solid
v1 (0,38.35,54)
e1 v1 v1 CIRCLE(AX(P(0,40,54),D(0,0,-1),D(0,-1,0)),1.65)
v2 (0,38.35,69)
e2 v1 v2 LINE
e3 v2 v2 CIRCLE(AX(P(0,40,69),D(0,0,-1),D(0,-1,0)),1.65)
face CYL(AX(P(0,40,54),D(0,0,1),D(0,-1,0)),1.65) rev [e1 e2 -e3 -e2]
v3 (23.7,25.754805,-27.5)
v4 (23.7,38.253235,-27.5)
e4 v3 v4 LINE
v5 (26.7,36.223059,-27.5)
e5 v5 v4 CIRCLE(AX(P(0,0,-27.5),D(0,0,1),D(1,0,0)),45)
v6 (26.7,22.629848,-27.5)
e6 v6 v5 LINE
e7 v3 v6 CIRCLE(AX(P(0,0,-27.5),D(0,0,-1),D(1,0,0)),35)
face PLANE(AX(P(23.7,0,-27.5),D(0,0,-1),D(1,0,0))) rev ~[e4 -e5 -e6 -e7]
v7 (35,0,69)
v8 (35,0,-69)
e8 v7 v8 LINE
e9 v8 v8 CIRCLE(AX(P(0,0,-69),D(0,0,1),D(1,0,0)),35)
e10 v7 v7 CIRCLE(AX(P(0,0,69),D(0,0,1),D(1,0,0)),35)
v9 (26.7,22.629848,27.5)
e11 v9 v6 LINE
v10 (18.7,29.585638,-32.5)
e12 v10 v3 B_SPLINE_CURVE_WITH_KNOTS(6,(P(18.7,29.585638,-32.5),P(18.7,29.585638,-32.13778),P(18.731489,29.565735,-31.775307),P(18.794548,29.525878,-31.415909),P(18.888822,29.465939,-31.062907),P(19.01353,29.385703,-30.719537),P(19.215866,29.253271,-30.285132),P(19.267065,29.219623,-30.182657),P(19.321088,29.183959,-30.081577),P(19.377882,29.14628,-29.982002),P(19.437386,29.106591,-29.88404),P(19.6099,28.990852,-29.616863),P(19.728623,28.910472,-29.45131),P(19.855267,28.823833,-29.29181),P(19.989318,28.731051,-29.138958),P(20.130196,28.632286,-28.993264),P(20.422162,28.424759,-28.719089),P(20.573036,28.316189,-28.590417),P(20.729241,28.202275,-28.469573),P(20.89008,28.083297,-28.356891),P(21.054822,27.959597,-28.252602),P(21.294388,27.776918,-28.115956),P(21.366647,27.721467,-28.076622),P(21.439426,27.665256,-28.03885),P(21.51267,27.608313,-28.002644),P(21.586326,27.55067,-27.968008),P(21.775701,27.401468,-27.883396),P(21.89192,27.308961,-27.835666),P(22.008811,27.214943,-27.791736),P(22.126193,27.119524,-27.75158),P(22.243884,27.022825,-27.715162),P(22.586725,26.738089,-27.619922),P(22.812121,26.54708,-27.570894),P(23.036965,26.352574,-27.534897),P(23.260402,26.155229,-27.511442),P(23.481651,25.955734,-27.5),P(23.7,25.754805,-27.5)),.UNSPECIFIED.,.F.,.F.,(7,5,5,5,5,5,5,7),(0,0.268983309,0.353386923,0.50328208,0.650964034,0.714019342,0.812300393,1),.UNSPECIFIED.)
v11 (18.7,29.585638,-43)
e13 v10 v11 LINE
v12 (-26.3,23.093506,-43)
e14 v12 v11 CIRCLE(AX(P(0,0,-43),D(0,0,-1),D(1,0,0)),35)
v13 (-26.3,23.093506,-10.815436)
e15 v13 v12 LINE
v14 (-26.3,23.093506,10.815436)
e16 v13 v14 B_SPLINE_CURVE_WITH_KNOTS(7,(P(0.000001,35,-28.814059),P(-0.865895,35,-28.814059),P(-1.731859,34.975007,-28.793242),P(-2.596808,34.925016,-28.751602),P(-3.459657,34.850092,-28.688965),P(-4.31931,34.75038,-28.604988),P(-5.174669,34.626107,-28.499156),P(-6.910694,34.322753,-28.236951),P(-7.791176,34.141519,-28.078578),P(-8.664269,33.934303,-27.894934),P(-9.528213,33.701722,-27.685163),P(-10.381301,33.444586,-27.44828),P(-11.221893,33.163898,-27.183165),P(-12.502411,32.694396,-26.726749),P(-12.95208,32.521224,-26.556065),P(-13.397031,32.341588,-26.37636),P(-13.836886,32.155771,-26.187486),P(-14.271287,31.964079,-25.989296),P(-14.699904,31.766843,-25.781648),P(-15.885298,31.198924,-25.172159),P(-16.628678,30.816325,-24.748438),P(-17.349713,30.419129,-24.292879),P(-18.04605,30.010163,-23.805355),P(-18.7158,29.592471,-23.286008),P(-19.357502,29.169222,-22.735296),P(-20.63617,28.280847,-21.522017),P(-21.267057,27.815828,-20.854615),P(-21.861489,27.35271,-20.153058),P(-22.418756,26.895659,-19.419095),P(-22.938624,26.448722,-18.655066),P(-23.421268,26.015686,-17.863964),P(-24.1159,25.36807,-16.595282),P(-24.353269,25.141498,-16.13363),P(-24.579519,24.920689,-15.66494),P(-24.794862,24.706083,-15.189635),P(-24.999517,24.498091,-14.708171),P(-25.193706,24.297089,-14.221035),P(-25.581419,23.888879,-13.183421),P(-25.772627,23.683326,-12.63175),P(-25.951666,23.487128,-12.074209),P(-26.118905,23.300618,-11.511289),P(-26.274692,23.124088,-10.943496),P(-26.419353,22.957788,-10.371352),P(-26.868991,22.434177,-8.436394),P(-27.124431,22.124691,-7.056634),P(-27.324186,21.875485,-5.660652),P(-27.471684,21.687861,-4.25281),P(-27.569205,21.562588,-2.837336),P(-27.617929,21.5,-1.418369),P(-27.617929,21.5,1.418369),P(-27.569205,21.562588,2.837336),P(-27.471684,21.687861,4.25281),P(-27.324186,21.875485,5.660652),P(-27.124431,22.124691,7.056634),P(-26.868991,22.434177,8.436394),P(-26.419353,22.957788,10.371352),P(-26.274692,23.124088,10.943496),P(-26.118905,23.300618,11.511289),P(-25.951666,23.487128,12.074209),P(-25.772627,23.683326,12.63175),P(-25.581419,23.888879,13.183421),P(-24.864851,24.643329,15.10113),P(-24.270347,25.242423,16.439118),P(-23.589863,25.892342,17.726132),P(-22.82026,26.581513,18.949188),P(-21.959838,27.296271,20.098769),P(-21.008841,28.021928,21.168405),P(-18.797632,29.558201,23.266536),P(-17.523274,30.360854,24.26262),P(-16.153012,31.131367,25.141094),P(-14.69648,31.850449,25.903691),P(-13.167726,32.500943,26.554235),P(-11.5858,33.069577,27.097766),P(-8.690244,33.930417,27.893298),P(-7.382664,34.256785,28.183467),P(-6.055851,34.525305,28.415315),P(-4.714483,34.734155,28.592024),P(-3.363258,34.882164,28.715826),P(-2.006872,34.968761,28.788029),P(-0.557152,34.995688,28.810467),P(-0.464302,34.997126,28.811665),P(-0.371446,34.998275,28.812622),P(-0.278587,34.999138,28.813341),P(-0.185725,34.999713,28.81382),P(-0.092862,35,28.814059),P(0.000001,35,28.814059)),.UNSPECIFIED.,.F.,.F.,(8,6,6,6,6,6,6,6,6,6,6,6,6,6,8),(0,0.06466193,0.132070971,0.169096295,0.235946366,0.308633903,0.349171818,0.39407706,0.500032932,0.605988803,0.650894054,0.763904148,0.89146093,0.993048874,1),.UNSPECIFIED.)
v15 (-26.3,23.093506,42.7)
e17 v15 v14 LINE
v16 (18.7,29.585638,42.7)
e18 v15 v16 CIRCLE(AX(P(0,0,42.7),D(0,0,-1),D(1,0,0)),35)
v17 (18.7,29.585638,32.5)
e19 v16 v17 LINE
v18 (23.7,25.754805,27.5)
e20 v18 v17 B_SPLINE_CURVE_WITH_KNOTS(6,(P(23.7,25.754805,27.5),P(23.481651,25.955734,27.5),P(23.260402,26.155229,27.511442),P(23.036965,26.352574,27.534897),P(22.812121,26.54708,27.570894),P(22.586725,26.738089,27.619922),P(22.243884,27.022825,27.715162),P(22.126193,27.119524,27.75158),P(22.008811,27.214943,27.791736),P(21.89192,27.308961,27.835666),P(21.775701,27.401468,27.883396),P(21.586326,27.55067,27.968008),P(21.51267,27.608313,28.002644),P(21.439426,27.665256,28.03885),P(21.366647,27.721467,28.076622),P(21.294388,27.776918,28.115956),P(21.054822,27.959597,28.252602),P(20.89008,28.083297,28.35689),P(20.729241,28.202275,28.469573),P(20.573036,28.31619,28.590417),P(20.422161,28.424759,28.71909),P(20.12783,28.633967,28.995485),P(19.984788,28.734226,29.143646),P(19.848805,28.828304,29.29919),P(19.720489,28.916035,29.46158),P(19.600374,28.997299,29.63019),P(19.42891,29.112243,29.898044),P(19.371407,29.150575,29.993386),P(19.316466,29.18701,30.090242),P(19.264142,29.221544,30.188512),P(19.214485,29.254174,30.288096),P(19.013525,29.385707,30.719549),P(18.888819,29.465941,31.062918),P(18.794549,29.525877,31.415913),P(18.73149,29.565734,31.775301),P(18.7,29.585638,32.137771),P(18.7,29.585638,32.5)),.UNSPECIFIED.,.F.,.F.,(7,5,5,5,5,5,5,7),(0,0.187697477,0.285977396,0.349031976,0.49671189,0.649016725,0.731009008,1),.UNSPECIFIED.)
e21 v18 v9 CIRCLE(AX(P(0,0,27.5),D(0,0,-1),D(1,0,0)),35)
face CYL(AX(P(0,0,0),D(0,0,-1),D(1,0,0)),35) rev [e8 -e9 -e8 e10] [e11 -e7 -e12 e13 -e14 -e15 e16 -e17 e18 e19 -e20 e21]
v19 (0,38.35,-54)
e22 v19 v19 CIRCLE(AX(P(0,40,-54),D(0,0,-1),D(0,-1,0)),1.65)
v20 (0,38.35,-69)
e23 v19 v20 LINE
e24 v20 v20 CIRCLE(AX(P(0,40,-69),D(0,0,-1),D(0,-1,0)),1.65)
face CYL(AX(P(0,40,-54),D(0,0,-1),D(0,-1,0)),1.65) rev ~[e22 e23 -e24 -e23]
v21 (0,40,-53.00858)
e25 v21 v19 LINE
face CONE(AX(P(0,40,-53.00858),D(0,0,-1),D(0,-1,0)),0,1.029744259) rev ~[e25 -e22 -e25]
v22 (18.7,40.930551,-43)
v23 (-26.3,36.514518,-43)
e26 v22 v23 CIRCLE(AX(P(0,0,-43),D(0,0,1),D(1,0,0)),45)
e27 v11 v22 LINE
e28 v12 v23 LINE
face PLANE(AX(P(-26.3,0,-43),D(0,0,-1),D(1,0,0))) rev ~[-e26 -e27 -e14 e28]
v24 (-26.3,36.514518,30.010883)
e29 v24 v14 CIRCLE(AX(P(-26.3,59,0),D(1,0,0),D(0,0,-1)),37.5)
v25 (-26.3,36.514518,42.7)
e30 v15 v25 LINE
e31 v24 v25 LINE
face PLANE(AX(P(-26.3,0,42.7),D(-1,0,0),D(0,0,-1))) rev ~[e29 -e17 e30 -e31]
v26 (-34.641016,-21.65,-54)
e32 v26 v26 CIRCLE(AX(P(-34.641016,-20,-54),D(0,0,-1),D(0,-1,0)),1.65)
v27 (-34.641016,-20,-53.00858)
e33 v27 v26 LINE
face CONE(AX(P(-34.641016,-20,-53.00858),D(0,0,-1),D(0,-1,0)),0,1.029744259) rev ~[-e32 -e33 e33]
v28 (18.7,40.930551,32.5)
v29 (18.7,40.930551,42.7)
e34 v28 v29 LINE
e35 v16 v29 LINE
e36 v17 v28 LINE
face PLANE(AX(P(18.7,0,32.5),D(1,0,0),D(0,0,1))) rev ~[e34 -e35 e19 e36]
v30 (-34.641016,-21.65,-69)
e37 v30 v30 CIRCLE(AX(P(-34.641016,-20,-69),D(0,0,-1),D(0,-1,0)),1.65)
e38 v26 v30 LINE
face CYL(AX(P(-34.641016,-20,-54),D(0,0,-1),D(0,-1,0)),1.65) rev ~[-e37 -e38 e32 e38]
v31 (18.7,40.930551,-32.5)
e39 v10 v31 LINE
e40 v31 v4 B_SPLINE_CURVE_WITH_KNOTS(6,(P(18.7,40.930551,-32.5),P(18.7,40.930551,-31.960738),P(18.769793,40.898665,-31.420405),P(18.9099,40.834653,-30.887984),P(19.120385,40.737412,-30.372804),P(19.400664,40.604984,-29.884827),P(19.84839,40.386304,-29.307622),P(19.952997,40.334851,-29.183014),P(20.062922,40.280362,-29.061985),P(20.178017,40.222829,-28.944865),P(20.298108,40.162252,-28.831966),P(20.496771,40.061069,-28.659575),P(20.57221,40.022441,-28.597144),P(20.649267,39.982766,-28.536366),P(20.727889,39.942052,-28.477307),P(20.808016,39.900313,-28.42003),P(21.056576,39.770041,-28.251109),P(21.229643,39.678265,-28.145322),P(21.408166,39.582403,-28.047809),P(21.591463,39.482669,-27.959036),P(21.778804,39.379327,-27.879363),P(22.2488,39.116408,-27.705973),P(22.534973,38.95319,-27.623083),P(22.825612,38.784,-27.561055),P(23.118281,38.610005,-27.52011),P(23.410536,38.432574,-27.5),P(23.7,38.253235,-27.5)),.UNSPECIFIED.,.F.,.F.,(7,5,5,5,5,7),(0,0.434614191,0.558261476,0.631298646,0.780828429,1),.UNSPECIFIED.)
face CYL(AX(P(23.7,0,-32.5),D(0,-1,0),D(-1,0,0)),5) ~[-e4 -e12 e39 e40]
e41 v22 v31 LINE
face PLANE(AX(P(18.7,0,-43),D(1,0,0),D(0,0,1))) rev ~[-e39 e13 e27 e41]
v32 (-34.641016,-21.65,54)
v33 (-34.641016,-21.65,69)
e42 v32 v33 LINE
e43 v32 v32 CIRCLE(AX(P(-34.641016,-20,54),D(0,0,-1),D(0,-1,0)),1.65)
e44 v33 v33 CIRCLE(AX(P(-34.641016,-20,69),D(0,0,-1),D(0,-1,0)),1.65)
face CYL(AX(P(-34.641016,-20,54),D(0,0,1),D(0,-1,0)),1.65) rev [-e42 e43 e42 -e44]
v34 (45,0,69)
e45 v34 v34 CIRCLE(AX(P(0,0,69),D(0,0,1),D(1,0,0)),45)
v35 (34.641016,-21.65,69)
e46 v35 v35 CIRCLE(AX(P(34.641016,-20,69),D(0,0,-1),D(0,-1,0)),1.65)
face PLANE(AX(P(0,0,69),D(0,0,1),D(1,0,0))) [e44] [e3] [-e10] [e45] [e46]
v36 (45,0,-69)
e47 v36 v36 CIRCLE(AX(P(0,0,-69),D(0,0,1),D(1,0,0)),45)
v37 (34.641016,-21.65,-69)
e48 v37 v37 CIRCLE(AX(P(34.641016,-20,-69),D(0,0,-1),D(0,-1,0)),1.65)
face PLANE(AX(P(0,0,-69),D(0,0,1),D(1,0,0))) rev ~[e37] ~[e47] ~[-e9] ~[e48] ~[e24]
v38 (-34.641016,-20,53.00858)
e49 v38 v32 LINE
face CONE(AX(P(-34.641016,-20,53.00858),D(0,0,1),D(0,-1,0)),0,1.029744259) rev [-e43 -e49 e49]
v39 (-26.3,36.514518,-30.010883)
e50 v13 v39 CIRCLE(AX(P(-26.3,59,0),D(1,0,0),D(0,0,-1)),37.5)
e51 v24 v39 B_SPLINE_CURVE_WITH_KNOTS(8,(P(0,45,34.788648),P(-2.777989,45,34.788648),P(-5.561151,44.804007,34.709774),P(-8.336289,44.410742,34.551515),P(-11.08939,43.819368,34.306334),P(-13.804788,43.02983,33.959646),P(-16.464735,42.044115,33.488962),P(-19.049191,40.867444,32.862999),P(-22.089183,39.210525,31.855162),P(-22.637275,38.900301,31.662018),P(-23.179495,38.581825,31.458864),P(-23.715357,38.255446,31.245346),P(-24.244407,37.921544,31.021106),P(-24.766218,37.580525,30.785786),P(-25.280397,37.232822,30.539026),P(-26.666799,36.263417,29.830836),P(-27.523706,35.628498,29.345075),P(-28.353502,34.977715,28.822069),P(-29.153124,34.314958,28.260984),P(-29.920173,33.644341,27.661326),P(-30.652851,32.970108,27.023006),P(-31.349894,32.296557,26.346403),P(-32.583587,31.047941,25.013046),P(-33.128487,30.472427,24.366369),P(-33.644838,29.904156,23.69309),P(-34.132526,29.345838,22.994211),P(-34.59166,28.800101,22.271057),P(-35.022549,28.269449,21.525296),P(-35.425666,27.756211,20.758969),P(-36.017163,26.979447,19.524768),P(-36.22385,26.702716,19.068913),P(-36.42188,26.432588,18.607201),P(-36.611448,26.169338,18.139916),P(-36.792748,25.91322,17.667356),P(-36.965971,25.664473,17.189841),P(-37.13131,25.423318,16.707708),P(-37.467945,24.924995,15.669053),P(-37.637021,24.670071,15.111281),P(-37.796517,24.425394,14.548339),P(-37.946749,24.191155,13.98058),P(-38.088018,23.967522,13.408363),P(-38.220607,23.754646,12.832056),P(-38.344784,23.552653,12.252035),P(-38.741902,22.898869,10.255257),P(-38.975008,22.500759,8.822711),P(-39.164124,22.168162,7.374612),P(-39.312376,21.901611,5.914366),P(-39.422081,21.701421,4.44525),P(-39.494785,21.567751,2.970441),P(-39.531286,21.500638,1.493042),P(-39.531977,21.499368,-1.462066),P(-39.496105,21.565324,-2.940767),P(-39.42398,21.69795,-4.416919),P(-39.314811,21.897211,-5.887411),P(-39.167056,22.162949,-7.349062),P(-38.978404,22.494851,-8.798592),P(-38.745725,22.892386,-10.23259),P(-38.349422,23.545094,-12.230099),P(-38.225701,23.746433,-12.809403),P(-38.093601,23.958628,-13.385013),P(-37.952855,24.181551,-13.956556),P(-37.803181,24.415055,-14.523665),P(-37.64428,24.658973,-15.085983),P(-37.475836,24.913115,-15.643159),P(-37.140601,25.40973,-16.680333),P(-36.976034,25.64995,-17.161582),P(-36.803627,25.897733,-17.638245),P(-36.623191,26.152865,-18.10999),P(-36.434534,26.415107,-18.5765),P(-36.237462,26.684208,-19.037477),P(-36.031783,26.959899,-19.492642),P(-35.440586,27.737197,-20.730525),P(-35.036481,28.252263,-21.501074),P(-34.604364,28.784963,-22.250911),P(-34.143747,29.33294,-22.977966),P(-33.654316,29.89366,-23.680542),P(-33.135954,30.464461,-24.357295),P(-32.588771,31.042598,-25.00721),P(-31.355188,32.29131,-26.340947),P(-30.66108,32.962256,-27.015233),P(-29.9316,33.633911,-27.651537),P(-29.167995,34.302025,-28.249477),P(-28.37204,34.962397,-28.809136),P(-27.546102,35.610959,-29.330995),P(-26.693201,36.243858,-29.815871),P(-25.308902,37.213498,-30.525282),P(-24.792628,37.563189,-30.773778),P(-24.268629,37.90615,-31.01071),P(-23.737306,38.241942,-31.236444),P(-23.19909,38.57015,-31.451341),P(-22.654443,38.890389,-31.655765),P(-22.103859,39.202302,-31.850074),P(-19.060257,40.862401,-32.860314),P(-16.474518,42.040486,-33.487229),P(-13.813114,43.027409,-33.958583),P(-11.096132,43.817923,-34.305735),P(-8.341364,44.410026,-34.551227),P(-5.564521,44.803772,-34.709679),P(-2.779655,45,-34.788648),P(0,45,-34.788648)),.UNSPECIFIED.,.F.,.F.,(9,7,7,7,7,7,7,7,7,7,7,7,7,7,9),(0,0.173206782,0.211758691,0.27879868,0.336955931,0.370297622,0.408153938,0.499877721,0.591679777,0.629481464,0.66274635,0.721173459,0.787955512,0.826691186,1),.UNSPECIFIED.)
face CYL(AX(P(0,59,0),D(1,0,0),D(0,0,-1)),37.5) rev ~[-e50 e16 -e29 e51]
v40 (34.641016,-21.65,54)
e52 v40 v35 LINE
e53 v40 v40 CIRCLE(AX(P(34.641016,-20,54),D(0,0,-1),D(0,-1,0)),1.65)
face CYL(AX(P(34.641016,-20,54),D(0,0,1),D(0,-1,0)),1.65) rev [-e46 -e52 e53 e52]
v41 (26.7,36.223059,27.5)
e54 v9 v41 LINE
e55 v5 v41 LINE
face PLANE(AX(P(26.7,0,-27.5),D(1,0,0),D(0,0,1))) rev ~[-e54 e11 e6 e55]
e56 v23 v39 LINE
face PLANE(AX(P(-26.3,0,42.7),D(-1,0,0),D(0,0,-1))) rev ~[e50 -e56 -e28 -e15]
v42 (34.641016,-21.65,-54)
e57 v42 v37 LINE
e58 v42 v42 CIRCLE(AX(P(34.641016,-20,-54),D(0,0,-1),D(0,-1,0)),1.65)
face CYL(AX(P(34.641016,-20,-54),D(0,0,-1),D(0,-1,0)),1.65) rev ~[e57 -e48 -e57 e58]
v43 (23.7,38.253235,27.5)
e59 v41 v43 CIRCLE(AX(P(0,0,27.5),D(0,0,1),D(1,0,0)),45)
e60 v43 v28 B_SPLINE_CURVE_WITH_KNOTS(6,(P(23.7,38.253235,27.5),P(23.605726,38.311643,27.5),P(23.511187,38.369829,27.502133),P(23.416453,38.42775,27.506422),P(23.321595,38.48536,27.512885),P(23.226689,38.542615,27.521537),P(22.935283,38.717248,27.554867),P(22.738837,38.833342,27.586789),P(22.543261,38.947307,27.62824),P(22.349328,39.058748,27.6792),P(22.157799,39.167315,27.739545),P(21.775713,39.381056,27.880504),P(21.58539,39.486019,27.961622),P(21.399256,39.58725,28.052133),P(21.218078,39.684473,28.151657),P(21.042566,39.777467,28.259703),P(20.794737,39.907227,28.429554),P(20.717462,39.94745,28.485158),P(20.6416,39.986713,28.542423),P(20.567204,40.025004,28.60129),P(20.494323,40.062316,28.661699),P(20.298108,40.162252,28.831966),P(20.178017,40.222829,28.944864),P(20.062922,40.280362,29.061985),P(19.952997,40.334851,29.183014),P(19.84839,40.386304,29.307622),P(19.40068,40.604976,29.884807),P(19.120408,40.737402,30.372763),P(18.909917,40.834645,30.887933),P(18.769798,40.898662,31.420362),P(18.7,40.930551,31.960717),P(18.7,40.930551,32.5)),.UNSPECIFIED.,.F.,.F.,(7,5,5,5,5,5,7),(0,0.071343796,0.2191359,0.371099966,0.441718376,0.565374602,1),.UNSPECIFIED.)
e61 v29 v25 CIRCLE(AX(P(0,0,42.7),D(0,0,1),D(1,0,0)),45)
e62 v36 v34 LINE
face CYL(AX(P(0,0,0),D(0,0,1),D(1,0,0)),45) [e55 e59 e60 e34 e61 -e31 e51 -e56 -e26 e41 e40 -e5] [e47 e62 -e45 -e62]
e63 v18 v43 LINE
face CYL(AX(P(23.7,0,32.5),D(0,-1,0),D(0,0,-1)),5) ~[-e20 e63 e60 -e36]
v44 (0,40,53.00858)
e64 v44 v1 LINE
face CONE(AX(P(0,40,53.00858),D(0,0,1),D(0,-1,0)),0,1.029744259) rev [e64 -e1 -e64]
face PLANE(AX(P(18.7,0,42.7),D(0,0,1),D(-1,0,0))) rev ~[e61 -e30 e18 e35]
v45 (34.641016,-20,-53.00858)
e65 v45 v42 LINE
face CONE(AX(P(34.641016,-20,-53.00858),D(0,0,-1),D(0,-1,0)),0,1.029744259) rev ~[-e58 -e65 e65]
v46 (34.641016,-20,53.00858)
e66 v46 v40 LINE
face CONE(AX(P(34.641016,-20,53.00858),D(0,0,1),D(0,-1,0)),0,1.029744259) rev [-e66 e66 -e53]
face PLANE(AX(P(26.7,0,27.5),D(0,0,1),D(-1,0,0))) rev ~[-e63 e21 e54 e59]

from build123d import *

# Parameters (mm, degrees)
CROQUIS1_R                     = 45
CROQUIS1_R_2                   = 35
SALIENTE_EXTRUIR1_DEPTH        = 69
CORTAR_EXTRUIR1_DEPTH          = 138
CROQUIS3_R                     = 37.5
CORTAR_EXTRUIR2_DEPTH          = 138
TALADRO_ROSCADO_M41_AT_2_COUNT = 2
TALADRO_ROSCADO_M41_AT_2_PITCH = 69.282032303
TALADRO_ROSCADO_M41_AT_3_COUNT = 2
TALADRO_ROSCADO_M41_AT_3_PITCH = 69.282032303


with BuildPart() as part:
    # Croquis1 → Saliente-Extruir1 (new body, symmetric)
    with BuildSketch(Plane.XY):
        Circle(CROQUIS1_R)
        Circle(CROQUIS1_R_2, mode=Mode.SUBTRACT)
    extrude(amount=SALIENTE_EXTRUIR1_DEPTH, both=True)

    # Croquis2 → Cortar-Extruir1 (cut)
    with BuildSketch(Plane(origin=(0, 0, 0), x_dir=(1, 0, 0), z_dir=(0, 1, 0))):
        with BuildLine():
            Line((-26.3, 43), (18.7, 43))
            Line((18.7, 43), (18.7, 32.5))
            ThreePointArc((18.7, 32.5), (20.164466094, 28.964466094), (23.7, 27.5))
            Line((23.7, 27.5), (26.7, 27.5))
            Line((26.7, 27.5), (26.7, -27.5))
            Line((26.7, -27.5), (23.7, -27.5))
            ThreePointArc((23.7, -27.5), (20.164466094, -28.964466094), (18.7, -32.5))
            Line((18.7, -32.5), (18.7, -42.7))
            Line((18.7, -42.7), (-26.3, -42.7))
            Line((-26.3, -42.7), (-26.3, 43))
        make_face()
    extrude(amount=CORTAR_EXTRUIR1_DEPTH, mode=Mode.SUBTRACT)

    # Croquis3 → Cortar-Extruir2 (cut)
    with BuildSketch(Plane(origin=(0, 0, 0), x_dir=(0, 0, -1), z_dir=(1, 0, 0))):
        with Locations((0, 59)):
            Circle(CROQUIS3_R)
    extrude(amount=-CORTAR_EXTRUIR2_DEPTH, mode=Mode.SUBTRACT)

    # Croquis5 → Taladro roscado M41 (revolve, cut)
    with BuildSketch(Plane(origin=(0, 40, 69), x_dir=(0, -1, 0), z_dir=(1, 0, 0))):
        Polygon((0, 0), (0, 15.991420021), (1.65, 15), (1.65, 0), align=None)
    taladro_roscado_m41 = revolve(axis=Axis((0, 40, 75.35), (0, 0, -1)), mode=Mode.SUBTRACT)

    # Taladro roscado M41 at 2: Taladro roscado M41 ×2
    with Locations(*[Vector(0.5, -0.866025404, 0) * (i * TALADRO_ROSCADO_M41_AT_2_PITCH) for i in range(1, TALADRO_ROSCADO_M41_AT_2_COUNT)]):
        add(taladro_roscado_m41, mode=Mode.SUBTRACT)

    # Taladro roscado M41 at 3: Taladro roscado M41 ×2
    with Locations(*[Vector(-0.5, -0.866025404, 0) * (i * TALADRO_ROSCADO_M41_AT_3_PITCH) for i in range(1, TALADRO_ROSCADO_M41_AT_3_COUNT)]):
        add(taladro_roscado_m41, mode=Mode.SUBTRACT)

    # Simetría1: Taladro roscado M41 across plane
    add(taladro_roscado_m41.mirror(Plane.XY), mode=Mode.SUBTRACT)

    # Simetría1 copy 1 sketch → Simetría1 copy 1 (revolve, cut)
    with BuildSketch(Plane(origin=(34.641016151, -20, -69), x_dir=(0, -1, 0), z_dir=(1, 0, 0))):
        Polygon((0, 0), (0, -15.991420021), (1.65, -15), (1.65, 0), align=None)
    revolve(axis=Axis((34.641016151, -20, -75.35), (0, 0, -1)), mode=Mode.SUBTRACT)

    # Simetría1 copy 2 sketch → Simetría1 copy 2 (revolve, cut)
    with BuildSketch(Plane(origin=(-34.641016151, -20, -69), x_dir=(0, -1, 0), z_dir=(1, 0, 0))):
        Polygon((0, 0), (0, -15.991420021), (1.65, -15), (1.65, 0), align=None)
    revolve(axis=Axis((-34.641016151, -20, -75.35), (0, 0, -1)), mode=Mode.SUBTRACT)


solid = part.part
